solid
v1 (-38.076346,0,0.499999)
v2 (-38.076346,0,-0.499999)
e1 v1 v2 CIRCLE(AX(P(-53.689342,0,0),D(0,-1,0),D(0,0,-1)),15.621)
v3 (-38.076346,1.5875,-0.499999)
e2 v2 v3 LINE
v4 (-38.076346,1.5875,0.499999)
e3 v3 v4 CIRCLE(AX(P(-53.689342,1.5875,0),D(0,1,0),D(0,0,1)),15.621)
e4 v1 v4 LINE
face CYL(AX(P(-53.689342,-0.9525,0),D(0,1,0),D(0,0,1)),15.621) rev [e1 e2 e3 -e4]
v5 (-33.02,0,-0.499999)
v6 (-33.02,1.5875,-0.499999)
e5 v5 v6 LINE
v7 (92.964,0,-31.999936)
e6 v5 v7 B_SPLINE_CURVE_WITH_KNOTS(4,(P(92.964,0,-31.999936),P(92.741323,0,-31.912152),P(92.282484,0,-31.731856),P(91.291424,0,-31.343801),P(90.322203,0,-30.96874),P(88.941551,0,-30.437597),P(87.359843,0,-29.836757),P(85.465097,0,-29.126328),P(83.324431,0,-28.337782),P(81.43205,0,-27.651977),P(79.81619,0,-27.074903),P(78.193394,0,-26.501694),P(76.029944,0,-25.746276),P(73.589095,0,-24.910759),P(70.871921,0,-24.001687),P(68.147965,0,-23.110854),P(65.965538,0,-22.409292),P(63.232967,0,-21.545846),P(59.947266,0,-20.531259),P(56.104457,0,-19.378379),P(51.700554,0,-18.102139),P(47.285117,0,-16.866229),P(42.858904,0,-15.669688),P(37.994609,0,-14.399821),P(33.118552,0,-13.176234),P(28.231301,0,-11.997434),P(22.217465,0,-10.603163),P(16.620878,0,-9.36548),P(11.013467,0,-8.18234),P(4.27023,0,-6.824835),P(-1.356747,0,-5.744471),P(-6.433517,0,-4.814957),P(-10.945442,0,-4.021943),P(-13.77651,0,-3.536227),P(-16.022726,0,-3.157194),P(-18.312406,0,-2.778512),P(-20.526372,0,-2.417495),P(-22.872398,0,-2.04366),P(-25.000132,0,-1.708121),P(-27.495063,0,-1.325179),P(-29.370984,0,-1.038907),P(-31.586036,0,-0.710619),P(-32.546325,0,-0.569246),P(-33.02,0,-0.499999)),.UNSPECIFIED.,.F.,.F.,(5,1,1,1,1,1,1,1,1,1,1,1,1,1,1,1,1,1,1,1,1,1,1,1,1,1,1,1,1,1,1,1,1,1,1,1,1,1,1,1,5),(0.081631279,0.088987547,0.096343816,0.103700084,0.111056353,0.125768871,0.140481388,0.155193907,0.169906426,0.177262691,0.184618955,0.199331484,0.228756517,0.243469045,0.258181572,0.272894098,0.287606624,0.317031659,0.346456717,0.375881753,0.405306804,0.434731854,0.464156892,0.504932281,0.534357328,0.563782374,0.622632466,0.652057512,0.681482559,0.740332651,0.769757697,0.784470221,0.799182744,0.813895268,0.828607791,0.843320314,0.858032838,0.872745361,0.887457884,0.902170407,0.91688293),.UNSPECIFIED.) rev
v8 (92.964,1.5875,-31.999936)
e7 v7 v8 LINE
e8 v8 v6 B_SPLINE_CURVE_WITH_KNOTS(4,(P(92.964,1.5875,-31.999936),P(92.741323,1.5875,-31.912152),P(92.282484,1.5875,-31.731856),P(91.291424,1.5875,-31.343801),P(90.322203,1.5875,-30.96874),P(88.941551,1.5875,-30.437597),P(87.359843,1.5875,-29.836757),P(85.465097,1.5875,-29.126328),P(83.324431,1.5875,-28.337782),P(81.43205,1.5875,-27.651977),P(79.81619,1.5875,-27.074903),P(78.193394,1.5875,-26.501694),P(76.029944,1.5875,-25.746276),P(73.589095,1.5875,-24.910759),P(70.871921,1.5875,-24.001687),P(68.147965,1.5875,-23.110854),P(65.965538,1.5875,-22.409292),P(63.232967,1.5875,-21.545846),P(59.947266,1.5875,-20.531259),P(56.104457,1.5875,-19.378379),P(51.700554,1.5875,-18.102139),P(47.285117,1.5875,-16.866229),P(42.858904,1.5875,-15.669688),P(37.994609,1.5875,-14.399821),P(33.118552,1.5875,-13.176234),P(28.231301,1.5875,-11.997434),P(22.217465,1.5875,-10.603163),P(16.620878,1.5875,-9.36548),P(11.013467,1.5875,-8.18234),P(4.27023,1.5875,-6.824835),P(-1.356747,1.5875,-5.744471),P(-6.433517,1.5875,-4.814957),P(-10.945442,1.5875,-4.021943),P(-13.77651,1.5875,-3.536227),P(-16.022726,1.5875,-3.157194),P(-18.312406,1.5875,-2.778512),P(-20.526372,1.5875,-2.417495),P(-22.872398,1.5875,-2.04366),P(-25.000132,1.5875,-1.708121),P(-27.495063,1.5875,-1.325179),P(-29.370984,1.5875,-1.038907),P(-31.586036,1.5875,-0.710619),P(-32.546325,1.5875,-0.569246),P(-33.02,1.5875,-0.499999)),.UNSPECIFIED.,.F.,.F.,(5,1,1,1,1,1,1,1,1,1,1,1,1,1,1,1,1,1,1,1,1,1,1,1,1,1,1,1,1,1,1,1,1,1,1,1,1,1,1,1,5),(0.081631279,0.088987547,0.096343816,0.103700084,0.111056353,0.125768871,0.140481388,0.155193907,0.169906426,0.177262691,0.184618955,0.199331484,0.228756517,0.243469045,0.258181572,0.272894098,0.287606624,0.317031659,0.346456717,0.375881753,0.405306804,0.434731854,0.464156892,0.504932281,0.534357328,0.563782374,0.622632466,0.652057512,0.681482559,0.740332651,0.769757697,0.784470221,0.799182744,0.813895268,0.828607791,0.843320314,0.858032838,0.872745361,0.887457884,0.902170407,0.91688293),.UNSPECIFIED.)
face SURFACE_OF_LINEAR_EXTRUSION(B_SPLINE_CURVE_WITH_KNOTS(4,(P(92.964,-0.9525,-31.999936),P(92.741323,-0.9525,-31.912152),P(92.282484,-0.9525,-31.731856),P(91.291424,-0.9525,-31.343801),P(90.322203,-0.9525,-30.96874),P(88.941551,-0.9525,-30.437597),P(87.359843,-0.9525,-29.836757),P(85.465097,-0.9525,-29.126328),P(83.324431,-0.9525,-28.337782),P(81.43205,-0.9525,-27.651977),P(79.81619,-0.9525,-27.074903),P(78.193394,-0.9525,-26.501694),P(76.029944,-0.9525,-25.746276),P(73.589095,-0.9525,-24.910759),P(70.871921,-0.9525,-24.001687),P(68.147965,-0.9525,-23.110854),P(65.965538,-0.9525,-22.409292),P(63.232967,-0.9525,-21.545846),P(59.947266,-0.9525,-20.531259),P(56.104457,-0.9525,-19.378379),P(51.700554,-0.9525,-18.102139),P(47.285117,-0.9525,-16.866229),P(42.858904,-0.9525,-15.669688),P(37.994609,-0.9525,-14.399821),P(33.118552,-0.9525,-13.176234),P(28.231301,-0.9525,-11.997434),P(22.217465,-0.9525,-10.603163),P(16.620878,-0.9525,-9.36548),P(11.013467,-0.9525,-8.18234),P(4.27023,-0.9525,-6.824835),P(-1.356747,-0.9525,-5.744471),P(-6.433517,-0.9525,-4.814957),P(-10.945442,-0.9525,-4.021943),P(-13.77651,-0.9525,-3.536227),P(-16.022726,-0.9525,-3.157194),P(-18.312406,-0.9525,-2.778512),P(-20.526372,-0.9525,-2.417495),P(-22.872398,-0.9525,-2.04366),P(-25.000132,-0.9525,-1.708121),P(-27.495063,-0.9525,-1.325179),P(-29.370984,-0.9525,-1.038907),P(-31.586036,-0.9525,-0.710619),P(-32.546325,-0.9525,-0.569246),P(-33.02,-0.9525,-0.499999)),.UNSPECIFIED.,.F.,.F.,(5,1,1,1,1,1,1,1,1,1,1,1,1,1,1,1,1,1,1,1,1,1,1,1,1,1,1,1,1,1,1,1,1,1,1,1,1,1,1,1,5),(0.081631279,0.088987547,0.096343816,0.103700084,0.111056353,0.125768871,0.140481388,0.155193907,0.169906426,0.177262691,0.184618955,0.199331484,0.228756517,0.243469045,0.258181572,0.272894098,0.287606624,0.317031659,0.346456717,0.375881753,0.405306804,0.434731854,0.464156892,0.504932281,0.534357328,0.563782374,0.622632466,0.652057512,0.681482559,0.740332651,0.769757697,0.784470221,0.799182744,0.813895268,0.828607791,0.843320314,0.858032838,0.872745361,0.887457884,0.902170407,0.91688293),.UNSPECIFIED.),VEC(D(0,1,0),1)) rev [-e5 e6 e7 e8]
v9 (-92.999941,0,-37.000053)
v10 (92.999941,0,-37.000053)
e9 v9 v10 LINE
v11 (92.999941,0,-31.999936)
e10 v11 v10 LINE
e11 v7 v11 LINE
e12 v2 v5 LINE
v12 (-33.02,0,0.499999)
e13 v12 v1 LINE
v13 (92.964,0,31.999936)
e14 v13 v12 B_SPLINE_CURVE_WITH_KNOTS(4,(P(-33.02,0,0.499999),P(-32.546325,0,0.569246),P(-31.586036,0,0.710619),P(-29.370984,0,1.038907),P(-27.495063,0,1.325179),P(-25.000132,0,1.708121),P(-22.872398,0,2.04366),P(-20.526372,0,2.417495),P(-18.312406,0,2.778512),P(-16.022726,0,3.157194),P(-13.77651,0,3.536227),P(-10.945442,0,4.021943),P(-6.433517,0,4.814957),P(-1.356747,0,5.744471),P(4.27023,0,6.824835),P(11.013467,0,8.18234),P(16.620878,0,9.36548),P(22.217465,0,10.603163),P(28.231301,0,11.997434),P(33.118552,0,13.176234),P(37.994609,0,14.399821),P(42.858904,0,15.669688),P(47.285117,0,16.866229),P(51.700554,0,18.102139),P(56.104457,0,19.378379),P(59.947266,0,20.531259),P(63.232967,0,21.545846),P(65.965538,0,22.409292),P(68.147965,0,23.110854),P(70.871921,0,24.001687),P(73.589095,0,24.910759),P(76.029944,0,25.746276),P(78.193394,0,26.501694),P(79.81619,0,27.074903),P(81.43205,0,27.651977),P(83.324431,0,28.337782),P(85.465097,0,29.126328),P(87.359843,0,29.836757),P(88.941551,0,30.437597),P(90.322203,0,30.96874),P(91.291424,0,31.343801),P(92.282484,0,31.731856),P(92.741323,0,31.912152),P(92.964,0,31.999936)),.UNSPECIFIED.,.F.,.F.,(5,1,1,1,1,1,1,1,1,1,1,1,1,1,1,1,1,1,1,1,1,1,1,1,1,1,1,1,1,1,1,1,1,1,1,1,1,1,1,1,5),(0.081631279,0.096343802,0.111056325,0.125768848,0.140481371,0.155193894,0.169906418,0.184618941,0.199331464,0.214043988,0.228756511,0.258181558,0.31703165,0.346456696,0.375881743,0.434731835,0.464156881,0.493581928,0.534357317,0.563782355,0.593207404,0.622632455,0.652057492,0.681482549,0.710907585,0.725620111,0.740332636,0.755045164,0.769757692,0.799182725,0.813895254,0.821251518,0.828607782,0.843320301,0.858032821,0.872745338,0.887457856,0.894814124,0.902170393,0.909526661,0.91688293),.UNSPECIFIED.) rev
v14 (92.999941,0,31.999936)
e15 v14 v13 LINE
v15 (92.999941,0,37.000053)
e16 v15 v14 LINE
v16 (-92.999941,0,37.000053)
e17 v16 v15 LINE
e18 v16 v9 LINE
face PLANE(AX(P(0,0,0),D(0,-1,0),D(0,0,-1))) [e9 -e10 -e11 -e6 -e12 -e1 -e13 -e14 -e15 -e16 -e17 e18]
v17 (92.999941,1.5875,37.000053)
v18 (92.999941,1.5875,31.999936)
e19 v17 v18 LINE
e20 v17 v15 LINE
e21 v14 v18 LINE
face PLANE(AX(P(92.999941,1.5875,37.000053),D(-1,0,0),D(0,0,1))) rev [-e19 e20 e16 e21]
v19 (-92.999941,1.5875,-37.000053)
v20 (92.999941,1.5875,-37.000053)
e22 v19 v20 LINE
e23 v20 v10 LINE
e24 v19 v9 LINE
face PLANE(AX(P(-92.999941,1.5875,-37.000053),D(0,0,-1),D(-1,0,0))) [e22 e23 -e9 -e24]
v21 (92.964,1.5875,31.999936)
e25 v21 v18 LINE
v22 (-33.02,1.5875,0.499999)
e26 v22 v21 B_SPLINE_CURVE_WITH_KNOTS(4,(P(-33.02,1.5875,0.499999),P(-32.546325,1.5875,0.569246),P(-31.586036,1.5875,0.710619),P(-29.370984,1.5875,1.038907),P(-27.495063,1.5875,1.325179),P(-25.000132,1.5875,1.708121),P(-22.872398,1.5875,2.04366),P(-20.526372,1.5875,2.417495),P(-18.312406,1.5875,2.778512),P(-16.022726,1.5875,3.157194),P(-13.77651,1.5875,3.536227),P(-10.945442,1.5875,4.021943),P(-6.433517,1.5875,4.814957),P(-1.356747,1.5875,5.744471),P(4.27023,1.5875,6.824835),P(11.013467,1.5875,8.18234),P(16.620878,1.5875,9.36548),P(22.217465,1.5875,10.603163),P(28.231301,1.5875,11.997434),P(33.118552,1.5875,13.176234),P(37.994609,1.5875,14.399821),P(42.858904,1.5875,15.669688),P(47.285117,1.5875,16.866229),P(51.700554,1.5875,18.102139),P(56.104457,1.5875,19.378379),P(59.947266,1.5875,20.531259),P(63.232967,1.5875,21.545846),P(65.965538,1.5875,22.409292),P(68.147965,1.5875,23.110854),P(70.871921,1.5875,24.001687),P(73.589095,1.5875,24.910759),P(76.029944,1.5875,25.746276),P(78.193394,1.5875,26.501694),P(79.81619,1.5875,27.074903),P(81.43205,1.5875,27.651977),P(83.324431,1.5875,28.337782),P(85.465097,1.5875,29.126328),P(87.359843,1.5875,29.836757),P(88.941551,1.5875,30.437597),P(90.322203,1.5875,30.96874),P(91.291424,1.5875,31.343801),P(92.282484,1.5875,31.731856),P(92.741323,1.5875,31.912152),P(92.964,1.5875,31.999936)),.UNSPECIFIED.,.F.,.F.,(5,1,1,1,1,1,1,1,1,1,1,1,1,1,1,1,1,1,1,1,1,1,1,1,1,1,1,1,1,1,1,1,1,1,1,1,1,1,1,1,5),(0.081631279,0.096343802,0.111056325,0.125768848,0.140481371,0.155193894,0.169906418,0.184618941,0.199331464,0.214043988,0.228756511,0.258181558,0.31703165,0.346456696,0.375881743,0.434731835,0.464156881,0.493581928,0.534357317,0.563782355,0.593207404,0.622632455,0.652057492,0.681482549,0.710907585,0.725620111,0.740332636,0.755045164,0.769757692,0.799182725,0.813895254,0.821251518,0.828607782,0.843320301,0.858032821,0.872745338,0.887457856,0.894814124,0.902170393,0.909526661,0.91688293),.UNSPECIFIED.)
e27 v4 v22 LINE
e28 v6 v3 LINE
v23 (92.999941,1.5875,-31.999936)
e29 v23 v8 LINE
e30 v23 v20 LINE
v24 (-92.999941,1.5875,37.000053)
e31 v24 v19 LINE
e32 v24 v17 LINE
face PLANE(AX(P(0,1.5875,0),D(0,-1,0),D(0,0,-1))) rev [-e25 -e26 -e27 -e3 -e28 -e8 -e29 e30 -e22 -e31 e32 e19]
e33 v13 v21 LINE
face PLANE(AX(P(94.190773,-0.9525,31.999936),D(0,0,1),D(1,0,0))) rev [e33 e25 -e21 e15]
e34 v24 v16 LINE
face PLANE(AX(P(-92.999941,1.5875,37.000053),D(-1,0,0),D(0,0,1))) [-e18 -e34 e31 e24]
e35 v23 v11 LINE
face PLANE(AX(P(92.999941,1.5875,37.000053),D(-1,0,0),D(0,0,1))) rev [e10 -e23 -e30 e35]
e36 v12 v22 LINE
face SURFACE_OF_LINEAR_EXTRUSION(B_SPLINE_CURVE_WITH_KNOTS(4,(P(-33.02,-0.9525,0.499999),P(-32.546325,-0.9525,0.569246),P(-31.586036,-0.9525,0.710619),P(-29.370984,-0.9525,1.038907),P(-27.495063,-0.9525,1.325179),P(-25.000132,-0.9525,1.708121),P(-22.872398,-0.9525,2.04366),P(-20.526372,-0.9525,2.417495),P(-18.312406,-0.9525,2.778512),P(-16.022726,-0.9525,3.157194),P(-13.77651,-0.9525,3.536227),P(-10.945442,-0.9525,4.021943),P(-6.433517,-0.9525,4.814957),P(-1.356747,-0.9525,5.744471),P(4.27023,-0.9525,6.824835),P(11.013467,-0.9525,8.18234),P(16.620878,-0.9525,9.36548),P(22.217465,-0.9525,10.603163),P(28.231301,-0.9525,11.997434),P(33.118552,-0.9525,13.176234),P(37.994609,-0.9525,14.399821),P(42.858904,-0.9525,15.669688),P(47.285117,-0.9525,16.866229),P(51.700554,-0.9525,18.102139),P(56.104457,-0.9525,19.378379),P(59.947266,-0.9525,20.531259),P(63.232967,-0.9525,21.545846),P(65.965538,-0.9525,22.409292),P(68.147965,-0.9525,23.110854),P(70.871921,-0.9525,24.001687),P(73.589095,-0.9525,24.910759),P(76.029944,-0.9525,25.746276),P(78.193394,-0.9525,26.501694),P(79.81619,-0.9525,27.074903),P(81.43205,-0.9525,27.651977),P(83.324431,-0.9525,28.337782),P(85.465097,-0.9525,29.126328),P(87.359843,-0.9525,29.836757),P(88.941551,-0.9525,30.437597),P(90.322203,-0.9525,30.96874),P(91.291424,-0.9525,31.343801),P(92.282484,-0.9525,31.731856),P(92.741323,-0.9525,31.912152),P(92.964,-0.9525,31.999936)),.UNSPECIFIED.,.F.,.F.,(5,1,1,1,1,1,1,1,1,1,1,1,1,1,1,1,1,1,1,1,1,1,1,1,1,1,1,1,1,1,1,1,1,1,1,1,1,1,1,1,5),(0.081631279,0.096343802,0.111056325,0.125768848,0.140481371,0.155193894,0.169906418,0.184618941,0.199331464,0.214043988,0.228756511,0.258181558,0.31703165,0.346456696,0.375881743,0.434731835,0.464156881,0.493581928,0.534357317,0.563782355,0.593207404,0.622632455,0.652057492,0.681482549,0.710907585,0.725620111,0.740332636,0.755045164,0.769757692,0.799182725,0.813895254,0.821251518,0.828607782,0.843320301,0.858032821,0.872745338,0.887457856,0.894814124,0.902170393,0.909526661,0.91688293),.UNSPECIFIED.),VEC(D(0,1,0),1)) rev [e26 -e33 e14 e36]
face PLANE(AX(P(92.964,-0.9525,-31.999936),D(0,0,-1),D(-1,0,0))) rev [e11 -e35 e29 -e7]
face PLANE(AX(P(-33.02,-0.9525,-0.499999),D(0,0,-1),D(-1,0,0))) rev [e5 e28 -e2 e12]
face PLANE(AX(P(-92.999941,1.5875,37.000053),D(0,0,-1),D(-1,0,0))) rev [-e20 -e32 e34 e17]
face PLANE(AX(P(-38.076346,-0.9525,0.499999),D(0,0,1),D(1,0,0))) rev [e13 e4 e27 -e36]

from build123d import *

# Parameters (mm, degrees)
SKETCH1_W           = 185.999882
SKETCH1_H           = 74.000106
BOSS_EXTRUDE3_DEPTH = 1.5875
CUT_EXTRUDE3_DEPTH  = 2.54


with BuildPart() as part:
    # Sketch1 → Boss-Extrude3 (new body)
    with BuildSketch(Plane(origin=(0, 0, 0), x_dir=(1, 0, 0), z_dir=(0, 1, 0))):
        Rectangle(SKETCH1_W, SKETCH1_H)
    extrude(amount=BOSS_EXTRUDE3_DEPTH)

    # Sketch4 → Cut-Extrude3 (cut)
    with BuildSketch(Plane(origin=(0, 1.5875, 0), x_dir=(1, 0, 0), z_dir=(0, 1, 0))):
        with BuildLine():
            Line((-33.019999998, 0.499998888), (-38.076346482, 0.499998888))
            ThreePointArc((-38.076346482, 0.499998888), (-69.310342417, -8.5e-08), (-38.076346479, -0.499998888))
            Line((-38.076346479, -0.499998888), (-33.019999997, -0.499998888))
            add(Edge.make_bspline(
                [(-33.019999997, -0.499998888), (-32.54632499, -0.569245934), (-31.586035731, -0.710618844), (-29.370983979, -1.038906843), (-27.495063328, -1.325179383), (-25.000131636, -1.708121039), (-22.872397946, -2.043660099), (-20.526372341, -2.417494507), (-18.312405788, -2.778512003), (-16.022726377, -3.157194229), (-13.776510299, -3.536227287), (-10.945442388, -4.021942901), (-6.433516708, -4.814957325), (-1.356746681, -5.744470681), (4.270229912, -6.82483512), (11.013466622, -8.182339851), (16.620878036, -9.365479808), (22.217465189, -10.603163227), (28.231300592, -11.997433679), (33.11855172, -13.176234287), (37.994608625, -14.399821142), (42.858903514, -15.669688211), (47.285116507, -16.866229097), (51.7005538, -18.102139295), (56.104457025, -19.378378553), (59.947265614, -20.531258809), (63.232966999, -21.545846418), (65.965538205, -22.409292492), (68.147965495, -23.110854225), (70.871921061, -24.001687113), (73.589095471, -24.910758606), (76.029944312, -25.746275579), (78.193394279, -26.501694312), (79.81619039, -27.074902775), (81.432049585, -27.651976873), (83.324431409, -28.337781593), (85.465097243, -29.126327671), (87.359843247, -29.836757063), (88.94155129, -30.437597441), (90.322203412, -30.968739967), (91.291423843, -31.343800626), (92.282484454, -31.731855507), (92.741323404, -31.912151608), (92.964000003, -31.999935633)],
                knots=[0.081631279, 0.081631279, 0.081631279, 0.081631279, 0.081631279, 0.096343802, 0.111056325, 0.125768848, 0.140481371, 0.155193894, 0.169906418, 0.184618941, 0.199331464, 0.214043988, 0.228756511, 0.258181558, 0.31703165, 0.346456696, 0.375881743, 0.434731835, 0.464156881, 0.493581928, 0.534357317, 0.563782355, 0.593207404, 0.622632455, 0.652057492, 0.681482549, 0.710907585, 0.725620111, 0.740332636, 0.755045164, 0.769757692, 0.799182725, 0.813895254, 0.821251518, 0.828607782, 0.843320301, 0.858032821, 0.872745338, 0.887457856, 0.894814124, 0.902170393, 0.909526661, 0.91688293, 0.91688293, 0.91688293, 0.91688293, 0.91688293], degree=4))
            Line((92.964000003, -31.999935633), (94.190773048, -31.999935633))
            Line((94.190773048, -31.999935633), (94.190773048, 31.999935633))
            Line((94.190773048, 31.999935633), (92.964000001, 31.999935633))
            add(Edge.make_bspline(
                [(-33.019999998, 0.499998888), (-32.546324991, 0.569245934), (-31.586035733, 0.710618844), (-29.37098398, 1.038906842), (-27.495063329, 1.325179382), (-25.000131637, 1.708121039), (-22.872397948, 2.043660099), (-20.526372343, 2.417494507), (-18.312405789, 2.778512003), (-16.022726379, 3.157194229), (-13.7765103, 3.536227286), (-10.94544239, 4.021942901), (-6.433516709, 4.814957324), (-1.356746682, 5.744470681), (4.27022991, 6.82483512), (11.01346662, 8.182339851), (16.620878035, 9.365479808), (22.217465188, 10.603163227), (28.231300591, 11.997433679), (33.118551718, 13.176234287), (37.994608623, 14.399821142), (42.858903512, 15.669688211), (47.285116506, 16.866229097), (51.700553798, 18.102139295), (56.104457023, 19.378378554), (59.947265613, 20.531258809), (63.232966997, 21.545846418), (65.965538204, 22.409292493), (68.147965493, 23.110854225), (70.87192106, 24.001687113), (73.58909547, 24.910758606), (76.02994431, 25.746275579), (78.193394278, 26.501694312), (79.816190388, 27.074902775), (81.432049584, 27.651976873), (83.324431408, 28.337781594), (85.465097241, 29.126327672), (87.359843245, 29.836757063), (88.941551288, 30.437597442), (90.322203411, 30.968739967), (91.291423842, 31.343800626), (92.282484452, 31.731855507), (92.741323403, 31.912151608), (92.964000001, 31.999935633)],
                knots=[0.081631279, 0.081631279, 0.081631279, 0.081631279, 0.081631279, 0.096343802, 0.111056325, 0.125768848, 0.140481371, 0.155193894, 0.169906418, 0.184618941, 0.199331464, 0.214043988, 0.228756511, 0.258181558, 0.31703165, 0.346456696, 0.375881743, 0.434731835, 0.464156881, 0.493581928, 0.534357317, 0.563782355, 0.593207404, 0.622632455, 0.652057492, 0.681482549, 0.710907585, 0.725620111, 0.740332636, 0.755045164, 0.769757692, 0.799182725, 0.813895254, 0.821251518, 0.828607782, 0.843320301, 0.858032821, 0.872745338, 0.887457856, 0.894814124, 0.902170393, 0.909526661, 0.91688293, 0.91688293, 0.91688293, 0.91688293, 0.91688293], degree=4))
        make_face()
    extrude(amount=-CUT_EXTRUDE3_DEPTH, mode=Mode.SUBTRACT)


solid = part.part
